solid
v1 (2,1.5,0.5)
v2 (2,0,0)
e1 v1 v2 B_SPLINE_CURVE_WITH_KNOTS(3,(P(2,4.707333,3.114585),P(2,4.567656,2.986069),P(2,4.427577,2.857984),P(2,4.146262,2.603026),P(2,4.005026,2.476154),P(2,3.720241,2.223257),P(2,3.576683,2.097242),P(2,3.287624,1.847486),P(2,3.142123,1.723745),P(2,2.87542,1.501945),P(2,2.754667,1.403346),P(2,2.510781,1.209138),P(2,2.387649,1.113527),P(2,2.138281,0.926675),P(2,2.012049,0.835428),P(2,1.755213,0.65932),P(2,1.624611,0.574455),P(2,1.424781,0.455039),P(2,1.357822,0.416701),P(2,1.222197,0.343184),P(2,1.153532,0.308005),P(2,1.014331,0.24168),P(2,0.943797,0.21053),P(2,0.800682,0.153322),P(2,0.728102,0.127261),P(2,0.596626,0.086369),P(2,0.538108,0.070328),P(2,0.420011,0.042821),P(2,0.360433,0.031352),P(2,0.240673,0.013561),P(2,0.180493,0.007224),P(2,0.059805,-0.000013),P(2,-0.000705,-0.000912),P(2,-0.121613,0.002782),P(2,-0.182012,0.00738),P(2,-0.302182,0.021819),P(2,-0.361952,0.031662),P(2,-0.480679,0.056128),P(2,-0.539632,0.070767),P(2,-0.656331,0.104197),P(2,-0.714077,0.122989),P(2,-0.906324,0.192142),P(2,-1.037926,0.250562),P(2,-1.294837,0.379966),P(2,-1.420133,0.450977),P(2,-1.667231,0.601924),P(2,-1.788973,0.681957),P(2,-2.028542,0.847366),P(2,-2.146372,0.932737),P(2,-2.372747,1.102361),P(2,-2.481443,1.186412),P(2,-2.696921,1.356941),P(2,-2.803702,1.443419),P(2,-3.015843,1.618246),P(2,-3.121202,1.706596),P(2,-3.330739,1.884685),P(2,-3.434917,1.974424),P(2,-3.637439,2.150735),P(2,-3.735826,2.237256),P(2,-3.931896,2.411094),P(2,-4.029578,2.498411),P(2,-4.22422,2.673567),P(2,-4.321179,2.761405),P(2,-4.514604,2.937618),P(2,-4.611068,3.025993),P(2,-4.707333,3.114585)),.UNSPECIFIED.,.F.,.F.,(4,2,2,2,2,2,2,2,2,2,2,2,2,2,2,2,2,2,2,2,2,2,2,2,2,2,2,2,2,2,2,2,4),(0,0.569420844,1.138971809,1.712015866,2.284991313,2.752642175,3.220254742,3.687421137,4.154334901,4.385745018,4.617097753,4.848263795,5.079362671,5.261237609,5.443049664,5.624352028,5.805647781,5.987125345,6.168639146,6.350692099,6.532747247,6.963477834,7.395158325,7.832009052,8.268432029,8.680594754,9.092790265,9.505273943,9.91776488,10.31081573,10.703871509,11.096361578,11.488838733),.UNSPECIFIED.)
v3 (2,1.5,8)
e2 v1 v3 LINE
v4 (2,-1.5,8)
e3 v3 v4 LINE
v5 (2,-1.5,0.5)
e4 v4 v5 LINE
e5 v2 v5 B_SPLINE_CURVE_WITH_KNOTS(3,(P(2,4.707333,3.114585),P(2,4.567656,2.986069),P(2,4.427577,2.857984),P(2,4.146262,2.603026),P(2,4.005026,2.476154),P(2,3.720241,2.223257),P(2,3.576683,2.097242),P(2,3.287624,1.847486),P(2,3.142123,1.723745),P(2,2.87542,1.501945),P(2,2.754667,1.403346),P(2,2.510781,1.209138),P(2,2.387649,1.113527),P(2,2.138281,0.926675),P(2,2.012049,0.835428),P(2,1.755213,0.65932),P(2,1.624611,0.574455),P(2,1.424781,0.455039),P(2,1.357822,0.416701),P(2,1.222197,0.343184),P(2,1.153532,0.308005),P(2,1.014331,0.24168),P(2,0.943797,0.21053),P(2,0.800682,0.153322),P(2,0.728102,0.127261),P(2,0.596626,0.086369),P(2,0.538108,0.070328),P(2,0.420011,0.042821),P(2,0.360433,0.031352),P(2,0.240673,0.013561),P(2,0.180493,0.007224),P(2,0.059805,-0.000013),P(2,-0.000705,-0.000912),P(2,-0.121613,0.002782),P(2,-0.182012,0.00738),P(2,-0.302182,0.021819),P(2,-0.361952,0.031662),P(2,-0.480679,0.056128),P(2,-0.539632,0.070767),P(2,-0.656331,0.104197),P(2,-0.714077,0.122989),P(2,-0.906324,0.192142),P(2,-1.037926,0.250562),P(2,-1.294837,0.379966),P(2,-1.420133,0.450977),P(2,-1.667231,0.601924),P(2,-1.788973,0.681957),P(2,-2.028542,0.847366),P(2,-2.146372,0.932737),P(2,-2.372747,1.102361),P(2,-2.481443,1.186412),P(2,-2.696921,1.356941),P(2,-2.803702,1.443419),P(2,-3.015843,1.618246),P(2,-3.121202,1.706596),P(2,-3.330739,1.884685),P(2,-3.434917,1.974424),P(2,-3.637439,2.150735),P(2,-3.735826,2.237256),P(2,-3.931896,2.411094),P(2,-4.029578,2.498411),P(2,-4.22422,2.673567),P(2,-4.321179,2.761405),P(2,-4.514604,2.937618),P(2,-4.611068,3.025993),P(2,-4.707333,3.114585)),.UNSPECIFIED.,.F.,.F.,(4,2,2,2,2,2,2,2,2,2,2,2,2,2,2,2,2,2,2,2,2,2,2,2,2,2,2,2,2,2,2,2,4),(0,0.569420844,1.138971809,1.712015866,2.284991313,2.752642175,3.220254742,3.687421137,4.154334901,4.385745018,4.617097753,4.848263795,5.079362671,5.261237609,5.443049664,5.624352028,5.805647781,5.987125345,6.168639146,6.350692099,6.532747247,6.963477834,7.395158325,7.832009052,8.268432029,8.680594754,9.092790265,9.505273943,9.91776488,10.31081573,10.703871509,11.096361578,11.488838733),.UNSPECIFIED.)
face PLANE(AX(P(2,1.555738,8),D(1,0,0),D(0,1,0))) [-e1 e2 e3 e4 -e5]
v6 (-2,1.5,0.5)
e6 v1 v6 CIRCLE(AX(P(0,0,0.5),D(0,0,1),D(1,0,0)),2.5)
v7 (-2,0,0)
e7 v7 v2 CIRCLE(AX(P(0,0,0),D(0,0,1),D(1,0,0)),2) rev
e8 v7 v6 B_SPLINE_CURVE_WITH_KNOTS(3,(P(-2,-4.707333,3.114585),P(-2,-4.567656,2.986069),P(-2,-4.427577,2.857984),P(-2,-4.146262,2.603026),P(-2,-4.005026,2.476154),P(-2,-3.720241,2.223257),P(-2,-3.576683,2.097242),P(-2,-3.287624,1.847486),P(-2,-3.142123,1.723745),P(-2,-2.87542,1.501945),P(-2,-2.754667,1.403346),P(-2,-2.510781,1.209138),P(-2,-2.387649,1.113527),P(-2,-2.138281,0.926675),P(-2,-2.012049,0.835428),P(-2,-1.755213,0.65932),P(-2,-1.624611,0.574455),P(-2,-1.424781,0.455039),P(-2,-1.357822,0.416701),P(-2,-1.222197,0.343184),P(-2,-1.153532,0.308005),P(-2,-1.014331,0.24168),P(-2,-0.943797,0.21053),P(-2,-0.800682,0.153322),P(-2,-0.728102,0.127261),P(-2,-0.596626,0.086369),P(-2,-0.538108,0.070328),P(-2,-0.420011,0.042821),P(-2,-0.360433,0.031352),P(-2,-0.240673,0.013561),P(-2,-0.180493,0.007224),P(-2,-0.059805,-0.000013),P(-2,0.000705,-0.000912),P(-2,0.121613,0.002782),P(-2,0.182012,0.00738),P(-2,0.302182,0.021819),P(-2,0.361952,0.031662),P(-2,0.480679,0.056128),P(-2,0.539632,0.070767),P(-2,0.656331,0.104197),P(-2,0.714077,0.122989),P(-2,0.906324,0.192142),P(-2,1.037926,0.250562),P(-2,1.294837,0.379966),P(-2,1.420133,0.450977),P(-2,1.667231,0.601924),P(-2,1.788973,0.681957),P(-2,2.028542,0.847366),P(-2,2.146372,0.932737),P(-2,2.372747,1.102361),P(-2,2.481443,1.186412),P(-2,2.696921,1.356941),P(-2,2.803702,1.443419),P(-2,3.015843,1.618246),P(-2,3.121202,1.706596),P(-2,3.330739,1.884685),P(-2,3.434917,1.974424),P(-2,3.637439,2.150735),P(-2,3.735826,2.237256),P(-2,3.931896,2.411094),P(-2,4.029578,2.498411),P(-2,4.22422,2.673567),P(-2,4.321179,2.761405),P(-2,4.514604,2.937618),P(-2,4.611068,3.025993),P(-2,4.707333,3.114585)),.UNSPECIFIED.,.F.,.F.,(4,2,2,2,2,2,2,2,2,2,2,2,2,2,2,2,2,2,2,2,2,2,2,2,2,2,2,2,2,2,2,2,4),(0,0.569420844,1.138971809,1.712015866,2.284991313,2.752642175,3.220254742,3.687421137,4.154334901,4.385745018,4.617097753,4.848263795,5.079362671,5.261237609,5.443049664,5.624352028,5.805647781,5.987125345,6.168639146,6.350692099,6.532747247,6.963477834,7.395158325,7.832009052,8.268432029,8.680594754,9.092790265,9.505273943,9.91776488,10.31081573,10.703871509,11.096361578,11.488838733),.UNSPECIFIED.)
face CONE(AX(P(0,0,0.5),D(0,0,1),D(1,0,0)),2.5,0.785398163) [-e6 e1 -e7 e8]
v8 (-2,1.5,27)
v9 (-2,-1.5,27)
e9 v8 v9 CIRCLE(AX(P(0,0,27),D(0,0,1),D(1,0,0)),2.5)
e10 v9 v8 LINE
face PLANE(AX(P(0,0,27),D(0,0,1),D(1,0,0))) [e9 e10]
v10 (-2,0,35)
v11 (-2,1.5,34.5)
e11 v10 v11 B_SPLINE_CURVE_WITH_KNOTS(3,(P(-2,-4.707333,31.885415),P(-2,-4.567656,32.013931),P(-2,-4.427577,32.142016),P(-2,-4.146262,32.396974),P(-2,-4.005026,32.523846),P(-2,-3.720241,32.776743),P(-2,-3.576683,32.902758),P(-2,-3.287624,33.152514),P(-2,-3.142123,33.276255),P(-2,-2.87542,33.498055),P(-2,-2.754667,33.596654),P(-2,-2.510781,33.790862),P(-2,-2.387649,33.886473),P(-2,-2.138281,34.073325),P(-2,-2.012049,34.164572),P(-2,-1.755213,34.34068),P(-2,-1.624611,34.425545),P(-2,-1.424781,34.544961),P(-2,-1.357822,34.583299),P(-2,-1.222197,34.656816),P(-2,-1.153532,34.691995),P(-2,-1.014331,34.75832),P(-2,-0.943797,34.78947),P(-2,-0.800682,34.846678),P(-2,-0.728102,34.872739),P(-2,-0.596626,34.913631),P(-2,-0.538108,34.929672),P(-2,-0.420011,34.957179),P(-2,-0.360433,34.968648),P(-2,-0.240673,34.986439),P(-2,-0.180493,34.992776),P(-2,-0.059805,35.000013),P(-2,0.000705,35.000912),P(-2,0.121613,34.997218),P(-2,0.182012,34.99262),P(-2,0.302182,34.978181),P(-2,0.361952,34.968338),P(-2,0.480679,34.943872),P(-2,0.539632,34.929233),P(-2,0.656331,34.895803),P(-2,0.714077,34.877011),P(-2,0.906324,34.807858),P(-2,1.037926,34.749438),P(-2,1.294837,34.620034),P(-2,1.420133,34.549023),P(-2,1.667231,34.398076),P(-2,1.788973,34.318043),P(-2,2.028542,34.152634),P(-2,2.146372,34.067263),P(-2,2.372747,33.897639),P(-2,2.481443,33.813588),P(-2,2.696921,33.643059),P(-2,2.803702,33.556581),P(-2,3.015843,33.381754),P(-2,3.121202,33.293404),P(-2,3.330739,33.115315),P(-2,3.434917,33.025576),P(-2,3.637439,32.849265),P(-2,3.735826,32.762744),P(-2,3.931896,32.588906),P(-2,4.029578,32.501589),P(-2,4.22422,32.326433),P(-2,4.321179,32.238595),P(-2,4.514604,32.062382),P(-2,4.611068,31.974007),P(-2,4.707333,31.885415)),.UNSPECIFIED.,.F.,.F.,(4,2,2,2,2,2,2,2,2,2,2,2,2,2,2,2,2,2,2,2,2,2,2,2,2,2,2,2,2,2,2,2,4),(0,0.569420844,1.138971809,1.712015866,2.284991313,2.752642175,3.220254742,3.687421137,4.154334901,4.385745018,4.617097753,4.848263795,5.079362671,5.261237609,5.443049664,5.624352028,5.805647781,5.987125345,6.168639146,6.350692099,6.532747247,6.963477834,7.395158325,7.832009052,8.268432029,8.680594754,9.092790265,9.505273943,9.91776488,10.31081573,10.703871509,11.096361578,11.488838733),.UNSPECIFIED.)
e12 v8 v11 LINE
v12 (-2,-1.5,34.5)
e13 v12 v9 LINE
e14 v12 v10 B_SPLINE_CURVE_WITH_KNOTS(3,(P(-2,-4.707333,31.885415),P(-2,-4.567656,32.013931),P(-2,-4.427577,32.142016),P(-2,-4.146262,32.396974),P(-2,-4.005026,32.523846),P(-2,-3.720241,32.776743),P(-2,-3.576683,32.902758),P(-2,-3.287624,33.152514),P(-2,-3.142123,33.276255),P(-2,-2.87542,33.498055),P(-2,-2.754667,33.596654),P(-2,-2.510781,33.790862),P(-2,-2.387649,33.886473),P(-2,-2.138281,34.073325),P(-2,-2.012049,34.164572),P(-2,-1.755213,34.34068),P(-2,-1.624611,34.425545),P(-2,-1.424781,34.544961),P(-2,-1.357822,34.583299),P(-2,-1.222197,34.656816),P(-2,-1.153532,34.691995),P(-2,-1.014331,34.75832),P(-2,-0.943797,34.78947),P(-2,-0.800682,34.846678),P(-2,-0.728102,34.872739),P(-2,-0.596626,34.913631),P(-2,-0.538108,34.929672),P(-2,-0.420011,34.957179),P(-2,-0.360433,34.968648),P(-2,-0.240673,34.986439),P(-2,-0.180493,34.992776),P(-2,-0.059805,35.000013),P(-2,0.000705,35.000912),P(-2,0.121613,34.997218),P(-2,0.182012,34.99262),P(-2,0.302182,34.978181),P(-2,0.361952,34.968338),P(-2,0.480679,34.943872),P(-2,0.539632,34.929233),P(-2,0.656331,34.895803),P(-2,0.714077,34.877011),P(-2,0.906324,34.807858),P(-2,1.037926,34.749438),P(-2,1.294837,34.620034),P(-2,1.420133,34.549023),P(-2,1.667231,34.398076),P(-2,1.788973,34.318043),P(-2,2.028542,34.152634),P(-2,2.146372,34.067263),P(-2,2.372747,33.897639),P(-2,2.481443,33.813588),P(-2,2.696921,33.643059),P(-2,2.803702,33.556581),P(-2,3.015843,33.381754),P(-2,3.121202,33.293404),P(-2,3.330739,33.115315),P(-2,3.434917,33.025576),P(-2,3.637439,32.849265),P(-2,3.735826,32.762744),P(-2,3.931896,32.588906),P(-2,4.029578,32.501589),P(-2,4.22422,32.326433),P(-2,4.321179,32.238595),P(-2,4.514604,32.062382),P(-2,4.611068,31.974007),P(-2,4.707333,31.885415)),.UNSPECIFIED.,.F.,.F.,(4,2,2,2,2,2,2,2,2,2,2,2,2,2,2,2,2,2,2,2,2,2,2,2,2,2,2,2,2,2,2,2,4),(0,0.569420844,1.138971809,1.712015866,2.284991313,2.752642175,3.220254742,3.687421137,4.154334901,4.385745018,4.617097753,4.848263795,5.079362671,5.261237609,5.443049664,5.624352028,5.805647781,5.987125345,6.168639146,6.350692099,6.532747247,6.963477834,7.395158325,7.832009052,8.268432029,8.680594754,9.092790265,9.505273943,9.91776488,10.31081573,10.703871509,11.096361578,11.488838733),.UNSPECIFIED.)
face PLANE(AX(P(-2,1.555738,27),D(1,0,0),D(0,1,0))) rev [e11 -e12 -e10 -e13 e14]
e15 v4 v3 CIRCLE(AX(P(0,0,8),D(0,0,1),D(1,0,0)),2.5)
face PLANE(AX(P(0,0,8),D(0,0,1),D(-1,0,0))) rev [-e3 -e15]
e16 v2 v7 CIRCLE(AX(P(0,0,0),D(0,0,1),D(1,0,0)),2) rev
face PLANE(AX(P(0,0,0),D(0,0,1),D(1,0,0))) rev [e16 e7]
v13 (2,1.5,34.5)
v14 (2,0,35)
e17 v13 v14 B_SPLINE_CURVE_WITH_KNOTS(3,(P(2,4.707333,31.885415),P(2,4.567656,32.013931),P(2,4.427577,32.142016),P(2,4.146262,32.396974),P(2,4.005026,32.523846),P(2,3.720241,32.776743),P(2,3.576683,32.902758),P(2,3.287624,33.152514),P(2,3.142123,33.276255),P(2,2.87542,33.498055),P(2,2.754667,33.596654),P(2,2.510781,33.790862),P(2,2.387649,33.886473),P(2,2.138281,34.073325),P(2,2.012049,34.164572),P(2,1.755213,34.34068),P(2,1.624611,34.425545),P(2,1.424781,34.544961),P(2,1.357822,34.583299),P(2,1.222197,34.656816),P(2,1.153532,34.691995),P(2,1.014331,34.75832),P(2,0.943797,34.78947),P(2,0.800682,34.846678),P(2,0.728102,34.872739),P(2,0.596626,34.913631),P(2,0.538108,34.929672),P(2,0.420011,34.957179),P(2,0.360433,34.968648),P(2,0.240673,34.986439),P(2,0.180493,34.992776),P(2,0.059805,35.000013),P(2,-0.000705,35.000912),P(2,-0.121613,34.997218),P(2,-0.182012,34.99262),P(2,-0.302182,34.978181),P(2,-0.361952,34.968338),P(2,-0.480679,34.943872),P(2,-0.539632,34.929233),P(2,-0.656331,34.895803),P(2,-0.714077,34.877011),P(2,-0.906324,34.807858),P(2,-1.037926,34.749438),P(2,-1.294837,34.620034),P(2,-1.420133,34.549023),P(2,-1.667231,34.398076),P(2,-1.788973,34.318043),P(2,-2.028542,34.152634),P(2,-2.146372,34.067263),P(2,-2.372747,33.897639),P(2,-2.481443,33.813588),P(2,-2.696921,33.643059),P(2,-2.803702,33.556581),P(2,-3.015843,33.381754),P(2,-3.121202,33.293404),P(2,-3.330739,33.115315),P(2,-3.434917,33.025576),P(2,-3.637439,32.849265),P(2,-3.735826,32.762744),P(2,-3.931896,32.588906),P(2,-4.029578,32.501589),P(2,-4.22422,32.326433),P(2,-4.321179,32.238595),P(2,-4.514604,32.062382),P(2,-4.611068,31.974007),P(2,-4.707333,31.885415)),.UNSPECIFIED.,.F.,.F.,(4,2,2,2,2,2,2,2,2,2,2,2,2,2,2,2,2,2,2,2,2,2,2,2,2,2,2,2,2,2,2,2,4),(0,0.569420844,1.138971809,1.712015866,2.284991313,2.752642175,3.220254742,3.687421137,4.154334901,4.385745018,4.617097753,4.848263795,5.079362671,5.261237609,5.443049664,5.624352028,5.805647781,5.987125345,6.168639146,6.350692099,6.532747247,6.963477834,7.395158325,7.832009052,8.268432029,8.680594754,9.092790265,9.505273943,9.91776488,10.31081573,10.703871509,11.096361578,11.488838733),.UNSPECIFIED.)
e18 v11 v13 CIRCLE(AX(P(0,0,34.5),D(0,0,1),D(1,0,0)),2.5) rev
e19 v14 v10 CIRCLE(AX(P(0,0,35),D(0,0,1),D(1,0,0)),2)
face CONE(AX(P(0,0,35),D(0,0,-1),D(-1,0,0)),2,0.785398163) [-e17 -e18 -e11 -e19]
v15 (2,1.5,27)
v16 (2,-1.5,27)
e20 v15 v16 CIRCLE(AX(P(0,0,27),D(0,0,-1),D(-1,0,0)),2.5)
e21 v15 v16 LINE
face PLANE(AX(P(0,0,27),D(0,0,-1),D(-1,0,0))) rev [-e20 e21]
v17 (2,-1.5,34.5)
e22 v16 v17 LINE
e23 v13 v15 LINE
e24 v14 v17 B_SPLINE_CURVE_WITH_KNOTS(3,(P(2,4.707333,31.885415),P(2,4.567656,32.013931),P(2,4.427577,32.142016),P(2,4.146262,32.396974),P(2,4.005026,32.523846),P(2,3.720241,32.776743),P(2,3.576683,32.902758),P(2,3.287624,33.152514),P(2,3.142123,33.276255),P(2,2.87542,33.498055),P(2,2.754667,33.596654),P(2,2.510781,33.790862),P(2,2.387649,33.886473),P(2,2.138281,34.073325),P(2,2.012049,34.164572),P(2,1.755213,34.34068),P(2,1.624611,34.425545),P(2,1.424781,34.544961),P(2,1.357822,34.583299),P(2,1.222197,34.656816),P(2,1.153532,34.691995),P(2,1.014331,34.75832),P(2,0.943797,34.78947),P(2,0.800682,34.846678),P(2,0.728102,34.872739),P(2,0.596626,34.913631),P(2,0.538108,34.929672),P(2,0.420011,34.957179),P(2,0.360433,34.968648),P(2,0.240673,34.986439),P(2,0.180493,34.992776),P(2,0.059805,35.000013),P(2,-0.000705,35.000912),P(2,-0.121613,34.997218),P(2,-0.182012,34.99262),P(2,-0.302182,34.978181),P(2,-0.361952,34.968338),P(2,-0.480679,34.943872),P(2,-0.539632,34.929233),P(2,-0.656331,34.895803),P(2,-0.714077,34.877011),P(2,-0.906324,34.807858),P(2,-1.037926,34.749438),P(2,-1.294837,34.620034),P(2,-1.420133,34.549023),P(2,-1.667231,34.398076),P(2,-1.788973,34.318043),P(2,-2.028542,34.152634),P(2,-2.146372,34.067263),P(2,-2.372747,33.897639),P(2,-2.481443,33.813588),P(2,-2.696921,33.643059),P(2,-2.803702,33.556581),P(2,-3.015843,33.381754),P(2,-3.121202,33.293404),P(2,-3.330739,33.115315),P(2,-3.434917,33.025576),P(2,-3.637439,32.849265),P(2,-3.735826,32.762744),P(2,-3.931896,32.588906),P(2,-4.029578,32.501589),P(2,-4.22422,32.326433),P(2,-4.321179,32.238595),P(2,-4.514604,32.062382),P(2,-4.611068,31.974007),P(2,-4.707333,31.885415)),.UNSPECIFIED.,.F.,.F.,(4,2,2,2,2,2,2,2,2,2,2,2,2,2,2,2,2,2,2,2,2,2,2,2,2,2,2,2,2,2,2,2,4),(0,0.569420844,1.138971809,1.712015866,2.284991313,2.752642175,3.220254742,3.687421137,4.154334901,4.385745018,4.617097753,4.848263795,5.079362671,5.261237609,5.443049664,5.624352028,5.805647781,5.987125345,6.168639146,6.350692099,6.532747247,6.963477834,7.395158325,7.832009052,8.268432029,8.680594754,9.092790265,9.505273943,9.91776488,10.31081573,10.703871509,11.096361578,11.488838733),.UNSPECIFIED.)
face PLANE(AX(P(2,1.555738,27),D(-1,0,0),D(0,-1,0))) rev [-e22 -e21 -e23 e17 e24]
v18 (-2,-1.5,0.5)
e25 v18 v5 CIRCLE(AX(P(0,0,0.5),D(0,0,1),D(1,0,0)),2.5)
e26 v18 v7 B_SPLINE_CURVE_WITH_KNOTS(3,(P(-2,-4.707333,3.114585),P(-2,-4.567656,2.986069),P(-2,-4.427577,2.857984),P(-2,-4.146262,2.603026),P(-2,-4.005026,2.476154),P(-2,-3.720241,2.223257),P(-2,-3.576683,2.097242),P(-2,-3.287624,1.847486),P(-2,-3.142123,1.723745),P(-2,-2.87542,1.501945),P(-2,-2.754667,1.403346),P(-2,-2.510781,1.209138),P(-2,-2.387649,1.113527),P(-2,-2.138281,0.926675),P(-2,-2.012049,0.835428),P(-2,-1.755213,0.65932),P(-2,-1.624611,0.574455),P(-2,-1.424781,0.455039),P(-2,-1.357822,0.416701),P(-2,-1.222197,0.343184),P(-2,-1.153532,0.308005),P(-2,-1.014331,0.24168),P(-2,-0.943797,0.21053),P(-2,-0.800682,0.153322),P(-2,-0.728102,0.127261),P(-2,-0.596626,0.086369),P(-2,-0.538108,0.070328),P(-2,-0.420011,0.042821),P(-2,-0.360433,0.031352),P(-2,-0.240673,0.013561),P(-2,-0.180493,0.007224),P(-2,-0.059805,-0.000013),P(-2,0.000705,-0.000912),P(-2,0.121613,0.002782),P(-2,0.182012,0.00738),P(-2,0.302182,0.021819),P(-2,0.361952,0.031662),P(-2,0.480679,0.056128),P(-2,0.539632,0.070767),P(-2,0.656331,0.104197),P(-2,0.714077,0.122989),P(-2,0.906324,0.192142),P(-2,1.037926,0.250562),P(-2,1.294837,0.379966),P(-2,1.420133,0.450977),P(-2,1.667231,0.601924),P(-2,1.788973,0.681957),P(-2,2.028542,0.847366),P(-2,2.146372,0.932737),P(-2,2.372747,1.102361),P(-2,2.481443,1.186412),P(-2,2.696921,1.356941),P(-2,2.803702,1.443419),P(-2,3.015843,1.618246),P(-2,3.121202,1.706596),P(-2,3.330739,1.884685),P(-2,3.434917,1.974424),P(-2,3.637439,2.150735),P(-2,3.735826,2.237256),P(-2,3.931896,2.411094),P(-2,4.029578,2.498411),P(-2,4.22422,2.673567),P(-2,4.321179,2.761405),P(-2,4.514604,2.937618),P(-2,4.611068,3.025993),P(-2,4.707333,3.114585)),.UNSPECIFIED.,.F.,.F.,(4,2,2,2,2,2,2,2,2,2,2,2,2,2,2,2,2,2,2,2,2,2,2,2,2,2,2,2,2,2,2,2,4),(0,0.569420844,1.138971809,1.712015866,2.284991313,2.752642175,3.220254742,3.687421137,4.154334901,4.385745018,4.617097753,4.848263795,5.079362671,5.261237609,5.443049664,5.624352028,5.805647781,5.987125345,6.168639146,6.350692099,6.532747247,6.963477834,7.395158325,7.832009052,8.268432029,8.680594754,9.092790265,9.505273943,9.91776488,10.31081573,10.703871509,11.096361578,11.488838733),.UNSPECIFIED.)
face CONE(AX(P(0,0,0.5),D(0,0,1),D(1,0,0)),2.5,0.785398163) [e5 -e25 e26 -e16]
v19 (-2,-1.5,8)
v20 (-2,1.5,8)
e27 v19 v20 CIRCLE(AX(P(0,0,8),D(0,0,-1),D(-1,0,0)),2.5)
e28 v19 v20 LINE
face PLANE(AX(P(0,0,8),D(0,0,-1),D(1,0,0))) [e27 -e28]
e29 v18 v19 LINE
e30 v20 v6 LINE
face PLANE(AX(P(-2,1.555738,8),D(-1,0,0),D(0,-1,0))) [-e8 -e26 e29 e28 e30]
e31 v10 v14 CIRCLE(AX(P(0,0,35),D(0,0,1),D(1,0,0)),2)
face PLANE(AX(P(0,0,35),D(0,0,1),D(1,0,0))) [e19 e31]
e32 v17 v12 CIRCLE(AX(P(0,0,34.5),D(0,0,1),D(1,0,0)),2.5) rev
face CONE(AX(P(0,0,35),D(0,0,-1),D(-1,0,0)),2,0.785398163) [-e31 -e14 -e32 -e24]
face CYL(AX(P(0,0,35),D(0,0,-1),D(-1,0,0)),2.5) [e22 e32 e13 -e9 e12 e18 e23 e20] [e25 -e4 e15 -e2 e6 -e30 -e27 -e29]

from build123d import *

# Parameters (mm, degrees)
SKETCH1_R           = 2.5
BOSS_EXTRUDE1_DEPTH = 35
CHAMFER1_SIZE       = 0.5
CUT_EXTRUDE1_DEPTH  = 8


with BuildPart() as part:
    # Sketch1 → Boss-Extrude1 (new body)
    with BuildSketch(Plane.XY):
        Circle(SKETCH1_R)
    extrude(amount=BOSS_EXTRUDE1_DEPTH)

    # Chamfer1
    chamfer1_edges = [part.edges().sort_by_distance(p)[0] for p in [
        (-2.5, 0, 0),
        (-2.5, 0, 35),
    ]]
    chamfer(chamfer1_edges, length=CHAMFER1_SIZE)

    # Sketch2 → Cut-Extrude1 (cut)
    with BuildSketch(Plane.XY.offset(35)):
        Polygon((2, 1.555738269), (2, -1.555738269), (4.460999641, -1.695481282), (5.219104654, -0.46598868), (5.068266404, 0.170018194), (3.416674172, 1.653087335), (3.034604396, 1.88867152), align=None)
        Polygon((-2, 1.555738269), (-2, -1.555738269), (-2.968976112, -3.127221032), (-3.471634936, -2.94714388), (-4.717205701, -1.861261674), (-4.943269872, 1.439275222), align=None)
    cut_extrude1 = extrude(amount=-CUT_EXTRUDE1_DEPTH, mode=Mode.SUBTRACT)

    # Mirror1: Cut-Extrude1 across plane
    add(cut_extrude1.mirror(Plane.XY.offset(17.5)), mode=Mode.SUBTRACT)


solid = part.part
